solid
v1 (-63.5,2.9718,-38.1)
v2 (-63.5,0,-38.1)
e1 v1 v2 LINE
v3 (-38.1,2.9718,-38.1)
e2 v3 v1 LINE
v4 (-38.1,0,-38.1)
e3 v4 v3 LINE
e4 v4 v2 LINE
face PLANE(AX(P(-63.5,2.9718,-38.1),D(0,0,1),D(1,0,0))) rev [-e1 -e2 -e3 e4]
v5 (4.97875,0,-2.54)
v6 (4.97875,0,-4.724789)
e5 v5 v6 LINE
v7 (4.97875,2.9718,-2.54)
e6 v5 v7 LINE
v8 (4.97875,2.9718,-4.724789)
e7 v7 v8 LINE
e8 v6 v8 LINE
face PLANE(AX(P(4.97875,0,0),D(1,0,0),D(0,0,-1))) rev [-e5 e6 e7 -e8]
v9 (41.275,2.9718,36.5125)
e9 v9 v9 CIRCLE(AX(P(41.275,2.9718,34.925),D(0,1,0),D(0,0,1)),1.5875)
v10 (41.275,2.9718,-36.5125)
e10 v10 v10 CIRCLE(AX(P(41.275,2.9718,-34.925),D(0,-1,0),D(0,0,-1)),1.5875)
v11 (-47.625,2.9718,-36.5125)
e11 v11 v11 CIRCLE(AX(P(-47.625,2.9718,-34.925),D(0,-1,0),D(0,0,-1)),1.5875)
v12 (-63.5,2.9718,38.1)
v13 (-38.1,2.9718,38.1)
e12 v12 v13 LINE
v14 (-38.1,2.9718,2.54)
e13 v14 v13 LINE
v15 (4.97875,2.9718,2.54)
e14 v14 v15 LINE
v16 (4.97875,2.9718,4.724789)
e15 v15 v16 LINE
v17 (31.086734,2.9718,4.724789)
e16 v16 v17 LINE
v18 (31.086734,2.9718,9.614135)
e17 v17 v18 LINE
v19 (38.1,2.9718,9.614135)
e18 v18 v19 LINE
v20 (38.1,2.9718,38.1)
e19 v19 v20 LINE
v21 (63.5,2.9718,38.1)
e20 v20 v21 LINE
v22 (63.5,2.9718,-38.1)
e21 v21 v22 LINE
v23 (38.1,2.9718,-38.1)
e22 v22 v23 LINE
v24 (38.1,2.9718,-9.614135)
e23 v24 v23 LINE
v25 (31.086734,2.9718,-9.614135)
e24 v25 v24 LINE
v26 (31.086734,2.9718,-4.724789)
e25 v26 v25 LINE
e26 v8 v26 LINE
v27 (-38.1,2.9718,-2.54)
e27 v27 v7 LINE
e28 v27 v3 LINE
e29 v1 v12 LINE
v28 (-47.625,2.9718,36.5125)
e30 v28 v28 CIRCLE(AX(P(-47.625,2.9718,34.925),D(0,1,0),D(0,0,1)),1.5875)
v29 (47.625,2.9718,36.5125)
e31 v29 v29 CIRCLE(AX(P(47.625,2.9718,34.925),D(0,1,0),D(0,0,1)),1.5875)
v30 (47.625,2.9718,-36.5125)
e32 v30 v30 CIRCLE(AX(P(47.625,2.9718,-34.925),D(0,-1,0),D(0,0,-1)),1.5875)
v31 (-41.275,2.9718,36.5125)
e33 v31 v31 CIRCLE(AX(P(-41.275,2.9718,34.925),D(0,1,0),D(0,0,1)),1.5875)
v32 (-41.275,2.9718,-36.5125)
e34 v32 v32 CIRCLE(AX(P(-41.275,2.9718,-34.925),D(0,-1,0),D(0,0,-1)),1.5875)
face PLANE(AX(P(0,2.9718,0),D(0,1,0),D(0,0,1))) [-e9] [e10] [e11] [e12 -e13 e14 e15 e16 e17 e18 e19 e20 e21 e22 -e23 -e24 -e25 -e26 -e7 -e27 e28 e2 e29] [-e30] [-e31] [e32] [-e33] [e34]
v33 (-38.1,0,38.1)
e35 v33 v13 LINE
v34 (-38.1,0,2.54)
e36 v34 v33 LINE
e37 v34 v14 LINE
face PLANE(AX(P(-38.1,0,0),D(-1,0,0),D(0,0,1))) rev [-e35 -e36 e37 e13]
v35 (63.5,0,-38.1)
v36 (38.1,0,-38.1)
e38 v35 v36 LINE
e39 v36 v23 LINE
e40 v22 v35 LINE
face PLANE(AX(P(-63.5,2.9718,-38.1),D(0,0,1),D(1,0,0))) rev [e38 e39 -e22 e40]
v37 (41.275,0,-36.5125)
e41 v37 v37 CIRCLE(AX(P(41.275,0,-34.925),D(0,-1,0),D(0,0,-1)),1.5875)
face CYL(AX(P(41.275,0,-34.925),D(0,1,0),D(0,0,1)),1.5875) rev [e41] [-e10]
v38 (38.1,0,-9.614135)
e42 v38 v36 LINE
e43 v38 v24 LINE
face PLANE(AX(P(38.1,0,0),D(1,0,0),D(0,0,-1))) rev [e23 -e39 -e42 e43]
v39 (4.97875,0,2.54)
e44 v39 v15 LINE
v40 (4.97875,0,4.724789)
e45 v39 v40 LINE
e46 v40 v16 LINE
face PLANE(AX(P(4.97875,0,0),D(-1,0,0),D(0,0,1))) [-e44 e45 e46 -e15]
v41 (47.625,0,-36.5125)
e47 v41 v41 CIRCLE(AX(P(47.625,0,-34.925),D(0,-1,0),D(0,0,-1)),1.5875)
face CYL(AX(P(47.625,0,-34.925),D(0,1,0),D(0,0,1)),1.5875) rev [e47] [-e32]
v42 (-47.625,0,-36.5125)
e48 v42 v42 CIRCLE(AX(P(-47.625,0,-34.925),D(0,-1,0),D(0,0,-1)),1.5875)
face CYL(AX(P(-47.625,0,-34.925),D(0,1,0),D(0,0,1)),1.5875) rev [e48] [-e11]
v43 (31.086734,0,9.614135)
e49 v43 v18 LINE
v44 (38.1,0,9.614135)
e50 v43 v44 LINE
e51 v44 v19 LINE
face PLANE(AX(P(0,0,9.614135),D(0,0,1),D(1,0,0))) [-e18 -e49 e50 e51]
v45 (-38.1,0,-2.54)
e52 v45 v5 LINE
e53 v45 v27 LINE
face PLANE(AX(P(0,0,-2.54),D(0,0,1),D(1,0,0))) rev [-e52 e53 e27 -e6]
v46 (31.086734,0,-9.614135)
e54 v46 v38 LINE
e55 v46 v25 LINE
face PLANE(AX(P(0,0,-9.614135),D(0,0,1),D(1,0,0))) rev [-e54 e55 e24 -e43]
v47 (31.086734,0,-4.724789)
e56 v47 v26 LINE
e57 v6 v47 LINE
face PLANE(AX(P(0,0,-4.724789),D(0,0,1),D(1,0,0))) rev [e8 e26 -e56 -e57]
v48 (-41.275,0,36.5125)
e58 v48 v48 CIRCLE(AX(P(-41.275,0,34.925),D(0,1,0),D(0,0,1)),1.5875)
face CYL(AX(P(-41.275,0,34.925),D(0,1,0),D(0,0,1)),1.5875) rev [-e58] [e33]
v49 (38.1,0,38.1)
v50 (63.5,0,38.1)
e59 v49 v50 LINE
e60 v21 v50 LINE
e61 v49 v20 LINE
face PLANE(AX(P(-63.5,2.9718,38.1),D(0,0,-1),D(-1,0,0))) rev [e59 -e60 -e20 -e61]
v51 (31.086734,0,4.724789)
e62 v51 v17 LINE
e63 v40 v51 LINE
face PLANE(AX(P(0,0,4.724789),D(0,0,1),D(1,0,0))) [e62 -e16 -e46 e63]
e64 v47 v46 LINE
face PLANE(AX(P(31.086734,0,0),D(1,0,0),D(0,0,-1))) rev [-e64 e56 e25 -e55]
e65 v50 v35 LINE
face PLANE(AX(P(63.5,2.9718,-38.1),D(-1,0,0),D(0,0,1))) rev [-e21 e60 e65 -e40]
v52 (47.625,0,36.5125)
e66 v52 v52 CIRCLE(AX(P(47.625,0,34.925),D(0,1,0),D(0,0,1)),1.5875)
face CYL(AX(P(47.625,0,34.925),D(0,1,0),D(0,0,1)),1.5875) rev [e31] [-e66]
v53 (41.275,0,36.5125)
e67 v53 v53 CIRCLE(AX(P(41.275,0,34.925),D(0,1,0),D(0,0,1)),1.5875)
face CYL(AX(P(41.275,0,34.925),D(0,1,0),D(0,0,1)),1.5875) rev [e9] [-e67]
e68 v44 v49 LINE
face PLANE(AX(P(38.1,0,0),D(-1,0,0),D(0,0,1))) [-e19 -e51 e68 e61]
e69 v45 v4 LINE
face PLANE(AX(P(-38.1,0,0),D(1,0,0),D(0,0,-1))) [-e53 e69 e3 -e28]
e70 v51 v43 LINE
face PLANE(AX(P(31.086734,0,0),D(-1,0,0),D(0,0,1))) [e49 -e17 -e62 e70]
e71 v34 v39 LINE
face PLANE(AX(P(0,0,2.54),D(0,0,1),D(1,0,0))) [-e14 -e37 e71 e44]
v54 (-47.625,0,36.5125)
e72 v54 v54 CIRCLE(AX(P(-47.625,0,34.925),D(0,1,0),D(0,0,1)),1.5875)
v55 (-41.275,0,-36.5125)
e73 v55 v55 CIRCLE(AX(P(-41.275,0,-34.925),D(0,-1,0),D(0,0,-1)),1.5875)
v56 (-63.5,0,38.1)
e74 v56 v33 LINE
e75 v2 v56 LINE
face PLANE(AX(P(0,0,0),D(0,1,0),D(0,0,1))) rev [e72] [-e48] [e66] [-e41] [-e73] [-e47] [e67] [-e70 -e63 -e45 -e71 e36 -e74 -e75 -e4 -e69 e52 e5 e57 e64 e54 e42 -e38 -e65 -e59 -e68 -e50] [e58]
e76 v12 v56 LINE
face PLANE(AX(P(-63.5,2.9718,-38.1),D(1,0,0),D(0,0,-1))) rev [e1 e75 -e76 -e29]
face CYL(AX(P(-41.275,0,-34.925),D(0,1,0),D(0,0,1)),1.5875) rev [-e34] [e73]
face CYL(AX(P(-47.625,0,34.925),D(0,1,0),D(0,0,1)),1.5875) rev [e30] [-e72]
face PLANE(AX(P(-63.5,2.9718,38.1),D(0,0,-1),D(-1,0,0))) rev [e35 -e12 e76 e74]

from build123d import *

# Parameters (mm, degrees)
SKETCH2_W           = 127
SKETCH2_H           = 76.2
BOSS_EXTRUDE1_DEPTH = 2.9718
SKETCH3_R           = 1.5875
CUT_EXTRUDE1_DEPTH  = 2.9718


with BuildPart() as part:
    # Sketch2 → Boss-Extrude1 (new body)
    with BuildSketch(Plane(origin=(0, 0, 0), x_dir=(1, 0, 0), z_dir=(0, 1, 0))):
        Rectangle(SKETCH2_W, SKETCH2_H)
    extrude(amount=BOSS_EXTRUDE1_DEPTH)

    # Sketch3 → Cut-Extrude1 (cut)
    with BuildSketch(Plane(origin=(0, 2.9718, 0), x_dir=(1, 0, 0), z_dir=(0, 1, 0))):
        Polygon((4.978749596, -4.724789245), (4.978749596, -2.54), (-38.1, -2.54), (-38.1, -38.1), (38.1, -38.1), (38.1, -9.614135395), (31.086734384, -9.614135395), (31.086734384, -4.724789245), align=None)
        with Locations((41.275, -34.925)):
            Circle(SKETCH3_R)
        with Locations((47.625, -34.925)):
            Circle(SKETCH3_R)
        with Locations((-41.275, -34.925)):
            Circle(SKETCH3_R)
        with Locations((-47.625, -34.925)):
            Circle(SKETCH3_R)
    cut_extrude1 = extrude(amount=-CUT_EXTRUDE1_DEPTH, mode=Mode.SUBTRACT)

    # Mirror1: Cut-Extrude1 across plane
    add(cut_extrude1.mirror(Plane.XY), mode=Mode.SUBTRACT)


solid = part.part
